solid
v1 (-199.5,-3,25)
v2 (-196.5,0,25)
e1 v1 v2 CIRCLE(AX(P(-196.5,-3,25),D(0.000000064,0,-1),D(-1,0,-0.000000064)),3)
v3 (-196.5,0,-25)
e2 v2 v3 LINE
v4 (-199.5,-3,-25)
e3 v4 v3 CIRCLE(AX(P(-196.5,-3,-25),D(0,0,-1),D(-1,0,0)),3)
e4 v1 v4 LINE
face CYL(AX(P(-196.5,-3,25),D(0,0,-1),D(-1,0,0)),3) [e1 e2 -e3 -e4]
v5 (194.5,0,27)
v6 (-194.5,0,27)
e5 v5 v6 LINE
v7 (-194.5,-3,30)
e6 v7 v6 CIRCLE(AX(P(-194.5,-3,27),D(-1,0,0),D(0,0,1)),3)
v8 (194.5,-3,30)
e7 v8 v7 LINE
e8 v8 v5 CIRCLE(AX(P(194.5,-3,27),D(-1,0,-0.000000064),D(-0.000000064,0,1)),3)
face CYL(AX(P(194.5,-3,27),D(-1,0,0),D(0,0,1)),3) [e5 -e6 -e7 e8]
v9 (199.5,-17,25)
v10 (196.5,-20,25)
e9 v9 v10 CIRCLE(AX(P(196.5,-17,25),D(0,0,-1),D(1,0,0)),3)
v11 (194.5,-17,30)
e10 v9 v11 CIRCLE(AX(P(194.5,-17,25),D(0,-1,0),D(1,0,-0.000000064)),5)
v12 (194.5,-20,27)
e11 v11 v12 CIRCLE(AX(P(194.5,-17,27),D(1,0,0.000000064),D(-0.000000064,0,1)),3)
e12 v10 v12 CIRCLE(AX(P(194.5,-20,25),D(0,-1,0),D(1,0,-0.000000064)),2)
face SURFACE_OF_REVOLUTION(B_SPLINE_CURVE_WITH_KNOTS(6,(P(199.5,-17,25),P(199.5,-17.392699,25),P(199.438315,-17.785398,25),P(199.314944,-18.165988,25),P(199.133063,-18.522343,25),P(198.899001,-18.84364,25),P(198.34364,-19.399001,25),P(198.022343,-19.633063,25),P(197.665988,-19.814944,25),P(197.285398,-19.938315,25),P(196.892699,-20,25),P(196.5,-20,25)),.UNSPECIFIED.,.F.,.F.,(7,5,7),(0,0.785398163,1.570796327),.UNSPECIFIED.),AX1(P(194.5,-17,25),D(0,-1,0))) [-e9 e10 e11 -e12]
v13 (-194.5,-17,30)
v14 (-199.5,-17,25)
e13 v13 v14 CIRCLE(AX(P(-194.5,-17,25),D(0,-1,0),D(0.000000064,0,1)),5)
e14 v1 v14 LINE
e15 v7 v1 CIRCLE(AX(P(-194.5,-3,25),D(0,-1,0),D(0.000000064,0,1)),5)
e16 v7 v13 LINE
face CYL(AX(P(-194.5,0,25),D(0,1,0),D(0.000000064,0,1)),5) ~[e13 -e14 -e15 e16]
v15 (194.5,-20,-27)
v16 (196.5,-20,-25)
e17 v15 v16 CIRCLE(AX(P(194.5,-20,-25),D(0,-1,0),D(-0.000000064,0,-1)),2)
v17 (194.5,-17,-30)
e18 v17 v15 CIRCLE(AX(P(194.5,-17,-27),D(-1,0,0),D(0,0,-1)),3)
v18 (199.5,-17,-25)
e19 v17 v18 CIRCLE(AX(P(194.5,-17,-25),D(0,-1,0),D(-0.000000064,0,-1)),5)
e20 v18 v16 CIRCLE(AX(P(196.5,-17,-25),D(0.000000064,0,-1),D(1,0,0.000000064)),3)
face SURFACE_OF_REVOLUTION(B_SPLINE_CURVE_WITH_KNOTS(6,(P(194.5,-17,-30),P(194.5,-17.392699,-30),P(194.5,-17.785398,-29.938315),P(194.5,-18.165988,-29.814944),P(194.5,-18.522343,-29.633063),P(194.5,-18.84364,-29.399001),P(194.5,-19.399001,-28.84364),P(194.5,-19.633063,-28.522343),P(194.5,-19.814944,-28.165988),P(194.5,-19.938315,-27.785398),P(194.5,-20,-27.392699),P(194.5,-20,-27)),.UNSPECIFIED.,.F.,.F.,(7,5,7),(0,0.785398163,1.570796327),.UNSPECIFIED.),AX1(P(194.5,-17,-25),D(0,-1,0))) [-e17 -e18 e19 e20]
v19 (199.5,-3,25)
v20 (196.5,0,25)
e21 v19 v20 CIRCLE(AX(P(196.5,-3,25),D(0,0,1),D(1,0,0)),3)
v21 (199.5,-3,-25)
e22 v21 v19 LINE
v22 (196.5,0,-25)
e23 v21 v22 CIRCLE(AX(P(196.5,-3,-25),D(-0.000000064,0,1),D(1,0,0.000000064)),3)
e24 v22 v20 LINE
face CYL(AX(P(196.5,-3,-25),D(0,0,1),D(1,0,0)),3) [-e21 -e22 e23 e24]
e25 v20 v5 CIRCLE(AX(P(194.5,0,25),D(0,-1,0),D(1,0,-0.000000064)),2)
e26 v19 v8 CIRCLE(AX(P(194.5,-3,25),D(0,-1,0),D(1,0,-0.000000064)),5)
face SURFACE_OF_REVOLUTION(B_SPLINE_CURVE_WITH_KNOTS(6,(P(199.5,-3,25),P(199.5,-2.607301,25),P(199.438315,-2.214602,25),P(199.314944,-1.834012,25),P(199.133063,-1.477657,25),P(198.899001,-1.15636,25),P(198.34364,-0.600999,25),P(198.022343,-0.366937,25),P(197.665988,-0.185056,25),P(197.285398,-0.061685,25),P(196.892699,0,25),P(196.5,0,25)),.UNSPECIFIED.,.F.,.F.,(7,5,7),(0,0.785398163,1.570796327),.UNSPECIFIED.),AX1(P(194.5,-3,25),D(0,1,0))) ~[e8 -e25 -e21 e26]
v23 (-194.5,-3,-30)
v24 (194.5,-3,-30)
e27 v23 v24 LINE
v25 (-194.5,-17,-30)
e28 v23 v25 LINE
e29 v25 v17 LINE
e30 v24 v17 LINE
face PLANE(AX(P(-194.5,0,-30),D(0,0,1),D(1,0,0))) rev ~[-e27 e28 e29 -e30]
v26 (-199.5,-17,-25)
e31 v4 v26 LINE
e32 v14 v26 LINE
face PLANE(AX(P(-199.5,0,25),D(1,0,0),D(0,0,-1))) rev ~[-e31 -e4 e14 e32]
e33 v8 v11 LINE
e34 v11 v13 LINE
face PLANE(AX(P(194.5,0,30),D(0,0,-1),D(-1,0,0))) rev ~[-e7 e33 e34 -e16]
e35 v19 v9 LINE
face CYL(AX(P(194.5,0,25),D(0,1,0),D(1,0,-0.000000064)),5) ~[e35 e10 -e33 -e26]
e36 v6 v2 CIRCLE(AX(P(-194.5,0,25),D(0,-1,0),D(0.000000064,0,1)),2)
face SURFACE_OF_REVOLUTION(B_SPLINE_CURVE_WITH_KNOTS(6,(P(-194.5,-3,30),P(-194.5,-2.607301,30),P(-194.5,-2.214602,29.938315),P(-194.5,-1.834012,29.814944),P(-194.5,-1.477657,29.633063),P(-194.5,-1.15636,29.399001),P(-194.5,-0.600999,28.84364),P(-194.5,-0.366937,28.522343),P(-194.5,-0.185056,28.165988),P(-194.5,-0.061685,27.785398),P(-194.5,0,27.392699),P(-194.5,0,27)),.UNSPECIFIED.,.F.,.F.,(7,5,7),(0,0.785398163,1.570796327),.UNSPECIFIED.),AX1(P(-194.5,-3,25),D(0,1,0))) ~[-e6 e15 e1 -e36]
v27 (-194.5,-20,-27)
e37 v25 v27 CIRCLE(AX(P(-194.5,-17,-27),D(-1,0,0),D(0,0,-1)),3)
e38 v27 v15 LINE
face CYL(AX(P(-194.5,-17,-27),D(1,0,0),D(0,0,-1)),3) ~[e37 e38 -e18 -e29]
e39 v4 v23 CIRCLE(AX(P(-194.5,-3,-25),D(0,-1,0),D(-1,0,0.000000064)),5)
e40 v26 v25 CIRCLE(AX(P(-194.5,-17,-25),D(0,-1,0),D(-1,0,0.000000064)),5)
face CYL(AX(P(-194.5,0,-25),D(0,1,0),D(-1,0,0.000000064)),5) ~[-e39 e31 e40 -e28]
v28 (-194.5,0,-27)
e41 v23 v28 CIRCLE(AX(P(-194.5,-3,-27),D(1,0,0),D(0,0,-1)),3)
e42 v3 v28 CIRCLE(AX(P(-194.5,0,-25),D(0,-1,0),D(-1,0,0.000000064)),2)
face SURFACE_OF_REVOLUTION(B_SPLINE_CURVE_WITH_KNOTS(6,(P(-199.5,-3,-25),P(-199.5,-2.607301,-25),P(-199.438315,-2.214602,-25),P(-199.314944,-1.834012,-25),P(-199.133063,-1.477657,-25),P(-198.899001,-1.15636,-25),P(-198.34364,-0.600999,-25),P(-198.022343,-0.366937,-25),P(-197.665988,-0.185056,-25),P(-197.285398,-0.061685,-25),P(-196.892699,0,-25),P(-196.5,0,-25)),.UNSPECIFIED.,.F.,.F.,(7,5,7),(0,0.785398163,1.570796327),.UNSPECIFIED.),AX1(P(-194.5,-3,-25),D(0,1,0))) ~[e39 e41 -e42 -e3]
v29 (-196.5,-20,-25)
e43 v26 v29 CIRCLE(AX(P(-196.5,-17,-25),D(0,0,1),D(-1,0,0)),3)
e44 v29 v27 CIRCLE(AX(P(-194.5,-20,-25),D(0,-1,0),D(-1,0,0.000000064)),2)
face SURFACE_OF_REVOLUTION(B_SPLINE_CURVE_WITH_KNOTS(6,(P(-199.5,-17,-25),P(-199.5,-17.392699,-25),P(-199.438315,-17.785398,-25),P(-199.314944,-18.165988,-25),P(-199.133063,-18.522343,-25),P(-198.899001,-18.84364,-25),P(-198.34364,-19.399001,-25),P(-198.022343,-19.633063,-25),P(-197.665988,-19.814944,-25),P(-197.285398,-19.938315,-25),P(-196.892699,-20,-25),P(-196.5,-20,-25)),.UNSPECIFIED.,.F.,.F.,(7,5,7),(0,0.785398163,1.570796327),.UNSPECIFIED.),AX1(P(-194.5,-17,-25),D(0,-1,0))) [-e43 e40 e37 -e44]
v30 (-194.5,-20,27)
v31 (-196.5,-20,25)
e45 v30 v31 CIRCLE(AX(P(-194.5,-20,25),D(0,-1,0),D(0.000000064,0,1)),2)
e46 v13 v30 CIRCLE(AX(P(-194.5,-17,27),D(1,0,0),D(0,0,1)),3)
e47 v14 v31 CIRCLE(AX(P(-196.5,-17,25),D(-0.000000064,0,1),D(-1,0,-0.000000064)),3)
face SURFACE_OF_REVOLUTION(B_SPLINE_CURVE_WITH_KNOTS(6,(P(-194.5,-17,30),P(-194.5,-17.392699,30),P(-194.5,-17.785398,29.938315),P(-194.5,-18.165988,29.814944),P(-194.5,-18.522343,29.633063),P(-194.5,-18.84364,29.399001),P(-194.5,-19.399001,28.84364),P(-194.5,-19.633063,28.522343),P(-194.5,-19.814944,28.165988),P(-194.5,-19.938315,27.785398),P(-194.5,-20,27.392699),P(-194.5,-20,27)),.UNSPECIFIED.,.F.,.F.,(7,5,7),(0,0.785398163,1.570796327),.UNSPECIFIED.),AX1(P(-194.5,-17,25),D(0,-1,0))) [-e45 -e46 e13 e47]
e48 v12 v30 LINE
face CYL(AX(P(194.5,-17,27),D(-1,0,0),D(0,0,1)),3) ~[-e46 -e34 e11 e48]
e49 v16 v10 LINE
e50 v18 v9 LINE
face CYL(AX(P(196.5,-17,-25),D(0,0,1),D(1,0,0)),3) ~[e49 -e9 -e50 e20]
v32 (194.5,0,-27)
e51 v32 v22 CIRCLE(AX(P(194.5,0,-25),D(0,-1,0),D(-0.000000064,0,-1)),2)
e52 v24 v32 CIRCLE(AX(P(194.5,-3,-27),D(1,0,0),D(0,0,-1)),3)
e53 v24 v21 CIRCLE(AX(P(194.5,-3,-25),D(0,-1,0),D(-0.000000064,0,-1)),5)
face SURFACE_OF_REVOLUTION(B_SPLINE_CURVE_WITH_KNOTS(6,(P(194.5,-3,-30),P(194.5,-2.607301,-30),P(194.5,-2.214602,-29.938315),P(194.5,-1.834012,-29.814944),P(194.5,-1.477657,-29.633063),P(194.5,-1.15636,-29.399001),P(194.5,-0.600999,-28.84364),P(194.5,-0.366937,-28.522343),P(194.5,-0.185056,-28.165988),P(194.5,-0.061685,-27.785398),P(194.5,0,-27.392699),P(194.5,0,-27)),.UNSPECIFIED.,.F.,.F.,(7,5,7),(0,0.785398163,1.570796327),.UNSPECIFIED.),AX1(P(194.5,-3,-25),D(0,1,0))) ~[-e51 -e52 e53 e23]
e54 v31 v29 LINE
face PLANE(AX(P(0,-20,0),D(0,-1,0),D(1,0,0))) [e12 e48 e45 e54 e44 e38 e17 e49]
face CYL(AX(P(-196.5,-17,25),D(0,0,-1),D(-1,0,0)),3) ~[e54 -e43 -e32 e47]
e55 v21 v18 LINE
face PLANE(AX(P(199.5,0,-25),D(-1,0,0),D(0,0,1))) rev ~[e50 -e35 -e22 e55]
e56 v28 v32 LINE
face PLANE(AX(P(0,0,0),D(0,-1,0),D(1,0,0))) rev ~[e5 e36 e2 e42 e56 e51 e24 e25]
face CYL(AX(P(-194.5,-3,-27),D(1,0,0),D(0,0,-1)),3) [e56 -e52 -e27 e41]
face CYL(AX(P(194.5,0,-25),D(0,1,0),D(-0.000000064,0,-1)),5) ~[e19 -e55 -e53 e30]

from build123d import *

# Parameters (mm, degrees)
F1_DEPTH = 20
F2_R     = 3


with BuildPart() as f1:
    # F0 (on Front) → F1 (new body)
    with BuildSketch(Plane.XZ):
        with BuildLine():
            Line((-194.5, -30), (194.5, -30))
            ThreePointArc((194.5, -30), (198.035534, -28.535534), (199.5, -25))
            Line((199.5, -25), (199.5, 25))
            ThreePointArc((199.5, 25), (198.035534, 28.535534), (194.5, 30))
            Line((194.5, 30), (-194.5, 30))
            ThreePointArc((-194.5, 30), (-198.035534, 28.535534), (-199.5, 25))
            Line((-199.5, 25), (-199.5, -25))
            ThreePointArc((-199.5, -25), (-198.035534, -28.535534), (-194.5, -30))
        make_face()
    extrude(amount=F1_DEPTH)

    # F2
    f2_edges = [f1.edges().sort_by_distance(p)[0] for p in [
        (0, -20, -30),
        (198.035534, -20, -28.535534),
        (199.5, -20, 0),
        (198.035534, -20, 28.535534),
        (0, -20, 30),
        (-198.035534, -20, 28.535534),
        (-199.5, -20, 0),
        (-198.035534, -20, -28.535534),
        (0, 0, -30),
        (198.035534, 0, -28.535534),
        (199.5, 0, 0),
        (198.035534, 0, 28.535534),
        (0, 0, 30),
        (-198.035534, 0, 28.535534),
        (-199.5, 0, 0),
        (-198.035534, 0, -28.535534),
    ]]
    fillet(f2_edges, radius=F2_R)


solid = f1.part
